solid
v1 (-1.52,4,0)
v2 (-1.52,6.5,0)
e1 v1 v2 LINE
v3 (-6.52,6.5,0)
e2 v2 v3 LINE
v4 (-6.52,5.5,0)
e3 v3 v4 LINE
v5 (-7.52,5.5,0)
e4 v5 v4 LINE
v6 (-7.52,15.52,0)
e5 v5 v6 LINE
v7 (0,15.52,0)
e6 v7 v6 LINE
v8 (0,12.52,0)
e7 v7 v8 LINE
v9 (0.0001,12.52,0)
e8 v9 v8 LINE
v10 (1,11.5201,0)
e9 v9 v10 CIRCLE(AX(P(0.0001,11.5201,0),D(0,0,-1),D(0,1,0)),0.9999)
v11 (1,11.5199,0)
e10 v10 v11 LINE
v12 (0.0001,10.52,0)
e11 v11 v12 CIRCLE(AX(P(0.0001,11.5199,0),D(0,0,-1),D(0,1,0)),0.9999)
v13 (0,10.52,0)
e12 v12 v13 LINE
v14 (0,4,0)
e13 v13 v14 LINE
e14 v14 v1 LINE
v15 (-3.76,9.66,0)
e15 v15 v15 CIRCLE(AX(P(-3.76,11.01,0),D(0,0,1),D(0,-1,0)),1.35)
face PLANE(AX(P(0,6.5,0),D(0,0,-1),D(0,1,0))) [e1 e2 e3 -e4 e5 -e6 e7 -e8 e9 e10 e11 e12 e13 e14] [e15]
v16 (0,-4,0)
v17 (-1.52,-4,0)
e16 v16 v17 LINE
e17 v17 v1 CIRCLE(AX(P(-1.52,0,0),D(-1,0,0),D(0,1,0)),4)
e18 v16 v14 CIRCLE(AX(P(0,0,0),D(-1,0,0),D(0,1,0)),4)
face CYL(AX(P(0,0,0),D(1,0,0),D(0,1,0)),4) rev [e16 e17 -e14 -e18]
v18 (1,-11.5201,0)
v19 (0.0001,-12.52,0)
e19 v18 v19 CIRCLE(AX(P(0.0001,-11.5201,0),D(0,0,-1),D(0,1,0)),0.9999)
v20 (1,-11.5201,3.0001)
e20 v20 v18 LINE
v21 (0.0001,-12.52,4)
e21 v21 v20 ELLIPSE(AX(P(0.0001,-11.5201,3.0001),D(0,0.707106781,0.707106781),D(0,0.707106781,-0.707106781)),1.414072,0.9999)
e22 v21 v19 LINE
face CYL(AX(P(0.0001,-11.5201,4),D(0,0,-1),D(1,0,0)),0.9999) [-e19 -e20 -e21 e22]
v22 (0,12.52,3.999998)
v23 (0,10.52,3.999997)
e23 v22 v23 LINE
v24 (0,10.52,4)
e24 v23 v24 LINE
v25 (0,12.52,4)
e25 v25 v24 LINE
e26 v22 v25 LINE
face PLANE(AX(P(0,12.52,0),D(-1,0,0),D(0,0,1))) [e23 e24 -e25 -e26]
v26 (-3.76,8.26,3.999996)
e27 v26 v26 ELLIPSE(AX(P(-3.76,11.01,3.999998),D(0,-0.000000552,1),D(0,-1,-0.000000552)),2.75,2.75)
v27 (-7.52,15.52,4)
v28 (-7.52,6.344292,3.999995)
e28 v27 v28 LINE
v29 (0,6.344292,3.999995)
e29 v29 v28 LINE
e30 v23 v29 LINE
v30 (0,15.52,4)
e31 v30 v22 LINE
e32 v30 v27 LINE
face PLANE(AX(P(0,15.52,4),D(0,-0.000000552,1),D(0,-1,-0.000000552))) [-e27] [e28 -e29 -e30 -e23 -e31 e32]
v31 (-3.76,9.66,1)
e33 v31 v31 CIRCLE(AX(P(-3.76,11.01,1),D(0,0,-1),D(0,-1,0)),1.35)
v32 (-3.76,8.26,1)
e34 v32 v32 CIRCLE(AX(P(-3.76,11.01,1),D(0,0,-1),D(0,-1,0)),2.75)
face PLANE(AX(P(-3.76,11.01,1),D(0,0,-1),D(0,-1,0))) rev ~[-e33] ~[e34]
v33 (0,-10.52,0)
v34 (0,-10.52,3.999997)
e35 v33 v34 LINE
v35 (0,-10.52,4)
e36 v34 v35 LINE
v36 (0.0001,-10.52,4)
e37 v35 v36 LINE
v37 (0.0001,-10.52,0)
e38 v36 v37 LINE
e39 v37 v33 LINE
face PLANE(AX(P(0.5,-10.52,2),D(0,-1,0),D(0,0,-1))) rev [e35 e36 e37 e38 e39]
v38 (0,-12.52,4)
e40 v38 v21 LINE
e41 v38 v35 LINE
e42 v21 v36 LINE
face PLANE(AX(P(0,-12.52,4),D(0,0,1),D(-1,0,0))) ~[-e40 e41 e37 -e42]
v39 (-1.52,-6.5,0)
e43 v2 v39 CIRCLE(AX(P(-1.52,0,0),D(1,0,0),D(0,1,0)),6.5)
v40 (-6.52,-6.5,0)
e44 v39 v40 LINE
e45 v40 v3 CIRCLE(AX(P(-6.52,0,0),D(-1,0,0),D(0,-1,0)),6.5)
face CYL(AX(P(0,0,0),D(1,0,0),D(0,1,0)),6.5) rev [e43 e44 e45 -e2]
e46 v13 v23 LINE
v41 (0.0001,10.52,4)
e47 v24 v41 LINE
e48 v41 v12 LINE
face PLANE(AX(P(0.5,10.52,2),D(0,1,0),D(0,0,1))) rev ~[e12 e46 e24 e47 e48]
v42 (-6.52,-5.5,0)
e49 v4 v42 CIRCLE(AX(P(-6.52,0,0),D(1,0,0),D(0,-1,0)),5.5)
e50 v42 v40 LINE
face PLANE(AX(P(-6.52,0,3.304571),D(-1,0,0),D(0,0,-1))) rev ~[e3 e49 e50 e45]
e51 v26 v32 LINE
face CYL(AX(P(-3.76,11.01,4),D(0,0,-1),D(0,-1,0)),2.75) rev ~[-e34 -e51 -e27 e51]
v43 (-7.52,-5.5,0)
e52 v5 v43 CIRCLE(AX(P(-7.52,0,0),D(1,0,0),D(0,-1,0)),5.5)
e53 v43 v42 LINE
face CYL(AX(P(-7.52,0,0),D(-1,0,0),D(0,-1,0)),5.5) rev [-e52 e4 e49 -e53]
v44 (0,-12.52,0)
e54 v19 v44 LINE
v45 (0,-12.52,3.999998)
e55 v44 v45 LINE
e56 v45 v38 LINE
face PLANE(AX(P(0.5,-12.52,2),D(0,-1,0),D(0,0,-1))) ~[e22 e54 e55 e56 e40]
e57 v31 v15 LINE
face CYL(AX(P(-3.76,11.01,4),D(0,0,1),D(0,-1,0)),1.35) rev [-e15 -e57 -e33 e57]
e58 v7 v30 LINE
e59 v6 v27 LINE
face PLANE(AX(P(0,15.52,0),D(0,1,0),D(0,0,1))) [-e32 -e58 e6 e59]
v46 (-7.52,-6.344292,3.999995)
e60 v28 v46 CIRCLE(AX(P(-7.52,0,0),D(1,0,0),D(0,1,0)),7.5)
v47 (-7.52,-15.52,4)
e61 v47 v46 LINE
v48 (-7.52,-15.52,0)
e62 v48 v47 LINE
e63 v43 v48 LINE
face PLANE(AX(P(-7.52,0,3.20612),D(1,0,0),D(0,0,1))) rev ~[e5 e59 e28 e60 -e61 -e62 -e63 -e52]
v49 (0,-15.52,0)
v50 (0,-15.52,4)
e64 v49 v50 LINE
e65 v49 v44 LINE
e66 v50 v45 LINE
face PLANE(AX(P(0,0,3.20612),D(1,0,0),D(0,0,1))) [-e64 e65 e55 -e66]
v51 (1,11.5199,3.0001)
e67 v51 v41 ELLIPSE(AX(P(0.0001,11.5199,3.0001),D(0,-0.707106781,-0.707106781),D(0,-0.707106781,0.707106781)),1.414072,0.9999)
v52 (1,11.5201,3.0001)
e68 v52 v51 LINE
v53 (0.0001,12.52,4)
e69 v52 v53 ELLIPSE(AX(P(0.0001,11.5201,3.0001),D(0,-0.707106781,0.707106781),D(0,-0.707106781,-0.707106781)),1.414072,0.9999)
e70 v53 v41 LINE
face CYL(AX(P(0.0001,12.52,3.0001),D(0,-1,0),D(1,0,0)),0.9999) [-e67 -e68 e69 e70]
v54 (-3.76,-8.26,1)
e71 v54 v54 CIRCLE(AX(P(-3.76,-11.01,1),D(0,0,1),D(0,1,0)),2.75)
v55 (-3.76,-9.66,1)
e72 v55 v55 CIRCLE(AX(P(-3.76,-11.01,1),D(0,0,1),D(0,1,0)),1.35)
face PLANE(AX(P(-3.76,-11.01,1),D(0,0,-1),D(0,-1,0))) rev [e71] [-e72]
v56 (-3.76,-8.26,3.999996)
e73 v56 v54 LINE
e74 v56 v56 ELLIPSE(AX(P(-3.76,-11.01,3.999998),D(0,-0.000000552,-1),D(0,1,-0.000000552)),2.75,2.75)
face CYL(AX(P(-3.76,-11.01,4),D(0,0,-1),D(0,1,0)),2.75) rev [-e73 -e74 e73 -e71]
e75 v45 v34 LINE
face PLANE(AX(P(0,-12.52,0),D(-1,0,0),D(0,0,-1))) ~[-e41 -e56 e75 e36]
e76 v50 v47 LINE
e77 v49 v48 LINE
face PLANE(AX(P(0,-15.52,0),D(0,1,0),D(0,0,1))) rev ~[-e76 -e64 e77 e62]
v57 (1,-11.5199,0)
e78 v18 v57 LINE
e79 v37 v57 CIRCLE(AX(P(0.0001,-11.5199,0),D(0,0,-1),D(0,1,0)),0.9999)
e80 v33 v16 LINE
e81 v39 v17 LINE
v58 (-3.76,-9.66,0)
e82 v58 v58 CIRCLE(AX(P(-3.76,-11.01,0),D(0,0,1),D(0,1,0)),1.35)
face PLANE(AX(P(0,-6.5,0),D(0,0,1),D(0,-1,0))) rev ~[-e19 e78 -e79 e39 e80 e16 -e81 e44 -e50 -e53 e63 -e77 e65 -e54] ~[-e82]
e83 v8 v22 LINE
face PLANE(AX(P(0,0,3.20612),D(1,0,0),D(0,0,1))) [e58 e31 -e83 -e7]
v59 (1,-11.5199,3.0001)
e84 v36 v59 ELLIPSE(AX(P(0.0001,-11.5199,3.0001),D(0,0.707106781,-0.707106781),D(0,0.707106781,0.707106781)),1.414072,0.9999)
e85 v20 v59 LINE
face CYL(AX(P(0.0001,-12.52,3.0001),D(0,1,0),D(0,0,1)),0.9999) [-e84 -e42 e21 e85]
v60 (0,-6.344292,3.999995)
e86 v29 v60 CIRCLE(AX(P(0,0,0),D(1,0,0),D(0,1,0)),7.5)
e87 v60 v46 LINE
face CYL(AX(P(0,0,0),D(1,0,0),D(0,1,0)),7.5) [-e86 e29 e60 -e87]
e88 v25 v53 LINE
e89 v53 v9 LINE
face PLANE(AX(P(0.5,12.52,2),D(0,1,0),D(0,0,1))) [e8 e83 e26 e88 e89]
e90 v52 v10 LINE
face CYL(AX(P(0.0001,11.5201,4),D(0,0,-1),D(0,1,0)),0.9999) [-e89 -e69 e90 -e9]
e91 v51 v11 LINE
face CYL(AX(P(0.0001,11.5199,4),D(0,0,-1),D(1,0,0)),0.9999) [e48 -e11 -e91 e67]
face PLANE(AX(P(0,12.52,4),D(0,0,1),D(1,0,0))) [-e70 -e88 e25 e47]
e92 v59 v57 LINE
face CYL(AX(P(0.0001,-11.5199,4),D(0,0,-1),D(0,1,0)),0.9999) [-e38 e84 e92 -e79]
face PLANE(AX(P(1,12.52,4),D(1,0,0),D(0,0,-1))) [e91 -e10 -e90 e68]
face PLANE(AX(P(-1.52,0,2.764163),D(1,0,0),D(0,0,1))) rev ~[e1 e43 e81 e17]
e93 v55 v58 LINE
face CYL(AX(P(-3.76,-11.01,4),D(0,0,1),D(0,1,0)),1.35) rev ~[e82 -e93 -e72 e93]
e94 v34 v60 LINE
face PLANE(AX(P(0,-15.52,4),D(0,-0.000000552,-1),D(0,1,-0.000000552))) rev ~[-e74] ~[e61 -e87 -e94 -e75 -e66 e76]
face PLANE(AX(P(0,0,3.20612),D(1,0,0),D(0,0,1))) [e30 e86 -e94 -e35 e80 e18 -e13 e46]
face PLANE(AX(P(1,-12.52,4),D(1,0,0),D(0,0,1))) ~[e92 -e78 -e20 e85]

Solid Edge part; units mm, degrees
sketch "Sketch1" plane through (0, 0, 0) normal (1, 0, 0) x (0, 1, 0)
  line L0 (6.5, 0) -> (15.52, 0)
  line L1 (15.52, 0) -> (15.52, 4)
  line L2 (15.52, 4) -> (6.3443, 4)
  line L3 (-15.52, 4) -> (-6.3443, 4)
  line L4 (-15.52, 0) -> (-15.52, 4)
  line L5 (-6.5, 0) -> (-15.52, 0)
  arc A0 (-6.5, 0) -> (6.5, 0) centre (0, 0) cw
  arc A1 (6.3443, 4) -> (-6.3443, 4) centre (0, 0) ccw
  dimension "D1" = 15.52
  dimension "D2" = 9.02
  dimension "D3" = 9.02
  dimension "D4" = 9.1757
  dimension "D5" = 4
  dimension "D6" = 9.1757
extrude "Protrusion1" add sketch "Sketch1" against normal blind 7.52
hole "Bohrung_1" at (-3.76, 11.01, 4) direction (0, 0, -1) diameter 2.7 end through all counterbore diameter 5.5 counterbore depth 3
mirror "Mirror1" about plane through (0, 0, 0) normal (0, -1, 0) of "Bohrung_1"
sketch "Sketch2" plane through (0, 0, 3.75) normal (1, 0, 0) x (0, 1, 0)
  line L0 (-6.5, -3.75) -> (-4, -3.75)
  line L1 (4, -3.75) -> (6.5, -3.75)
  arc A0 (-4, -3.75) -> (4, -3.75) centre (0, -3.75) cw
  arc A1 (6.5, -3.75) -> (-6.5, -3.75) centre (0, -3.75) ccw
extrude "Extrusionsausprägung_2" add sketch "Sketch2" against normal blind 1.52
sketch "Sketch3" plane through (-7.52, 0, 3.75) normal (-1, 0, 0) x (0, -1, 0)
  line L0 (-6.5, -3.75) -> (-5.5, -3.75)
  line L1 (5.5, -3.75) -> (6.5, -3.75)
  arc A0 (-5.5, -3.75) -> (5.5, -3.75) centre (0, -3.75) cw
  arc A1 (6.5, -3.75) -> (-6.5, -3.75) centre (0, -3.75) ccw
extrude "Extrusionsausprägung_3" add sketch "Sketch3" against normal blind 1
sketch "Sketch4" plane through (-3.76, 12.52, 2) normal (0, 1, 0) x (-1, 0, 0)
  line L0 (-3.76, 2) -> (-4.76, 2)
  line L1 (-4.76, 2) -> (-4.76, -2)
  line L2 (-4.76, -2) -> (-3.76, -2)
  line L3 (-3.76, -2) -> (-3.76, 2)
  dimension "D1" = 1
extrude "Extrusionsausprägung_4" add sketch "Sketch4" against normal blind 2
fillet "Verrundung_1" radius 1 3 edges at (1, 11.52, 4) (1, 12.52, 2) (1, 10.52, 2)
mirror "Mirror2" about plane through (0, 0, 0) normal (0, -1, 0) of "Extrusionsausprägung_4"
fillet "Round1" radius 1 3 edges at (1, -11.52, 4) (1, -12.52, 2) (1, -10.52, 2)
properties material "Plastic ABS (extra strong)"
